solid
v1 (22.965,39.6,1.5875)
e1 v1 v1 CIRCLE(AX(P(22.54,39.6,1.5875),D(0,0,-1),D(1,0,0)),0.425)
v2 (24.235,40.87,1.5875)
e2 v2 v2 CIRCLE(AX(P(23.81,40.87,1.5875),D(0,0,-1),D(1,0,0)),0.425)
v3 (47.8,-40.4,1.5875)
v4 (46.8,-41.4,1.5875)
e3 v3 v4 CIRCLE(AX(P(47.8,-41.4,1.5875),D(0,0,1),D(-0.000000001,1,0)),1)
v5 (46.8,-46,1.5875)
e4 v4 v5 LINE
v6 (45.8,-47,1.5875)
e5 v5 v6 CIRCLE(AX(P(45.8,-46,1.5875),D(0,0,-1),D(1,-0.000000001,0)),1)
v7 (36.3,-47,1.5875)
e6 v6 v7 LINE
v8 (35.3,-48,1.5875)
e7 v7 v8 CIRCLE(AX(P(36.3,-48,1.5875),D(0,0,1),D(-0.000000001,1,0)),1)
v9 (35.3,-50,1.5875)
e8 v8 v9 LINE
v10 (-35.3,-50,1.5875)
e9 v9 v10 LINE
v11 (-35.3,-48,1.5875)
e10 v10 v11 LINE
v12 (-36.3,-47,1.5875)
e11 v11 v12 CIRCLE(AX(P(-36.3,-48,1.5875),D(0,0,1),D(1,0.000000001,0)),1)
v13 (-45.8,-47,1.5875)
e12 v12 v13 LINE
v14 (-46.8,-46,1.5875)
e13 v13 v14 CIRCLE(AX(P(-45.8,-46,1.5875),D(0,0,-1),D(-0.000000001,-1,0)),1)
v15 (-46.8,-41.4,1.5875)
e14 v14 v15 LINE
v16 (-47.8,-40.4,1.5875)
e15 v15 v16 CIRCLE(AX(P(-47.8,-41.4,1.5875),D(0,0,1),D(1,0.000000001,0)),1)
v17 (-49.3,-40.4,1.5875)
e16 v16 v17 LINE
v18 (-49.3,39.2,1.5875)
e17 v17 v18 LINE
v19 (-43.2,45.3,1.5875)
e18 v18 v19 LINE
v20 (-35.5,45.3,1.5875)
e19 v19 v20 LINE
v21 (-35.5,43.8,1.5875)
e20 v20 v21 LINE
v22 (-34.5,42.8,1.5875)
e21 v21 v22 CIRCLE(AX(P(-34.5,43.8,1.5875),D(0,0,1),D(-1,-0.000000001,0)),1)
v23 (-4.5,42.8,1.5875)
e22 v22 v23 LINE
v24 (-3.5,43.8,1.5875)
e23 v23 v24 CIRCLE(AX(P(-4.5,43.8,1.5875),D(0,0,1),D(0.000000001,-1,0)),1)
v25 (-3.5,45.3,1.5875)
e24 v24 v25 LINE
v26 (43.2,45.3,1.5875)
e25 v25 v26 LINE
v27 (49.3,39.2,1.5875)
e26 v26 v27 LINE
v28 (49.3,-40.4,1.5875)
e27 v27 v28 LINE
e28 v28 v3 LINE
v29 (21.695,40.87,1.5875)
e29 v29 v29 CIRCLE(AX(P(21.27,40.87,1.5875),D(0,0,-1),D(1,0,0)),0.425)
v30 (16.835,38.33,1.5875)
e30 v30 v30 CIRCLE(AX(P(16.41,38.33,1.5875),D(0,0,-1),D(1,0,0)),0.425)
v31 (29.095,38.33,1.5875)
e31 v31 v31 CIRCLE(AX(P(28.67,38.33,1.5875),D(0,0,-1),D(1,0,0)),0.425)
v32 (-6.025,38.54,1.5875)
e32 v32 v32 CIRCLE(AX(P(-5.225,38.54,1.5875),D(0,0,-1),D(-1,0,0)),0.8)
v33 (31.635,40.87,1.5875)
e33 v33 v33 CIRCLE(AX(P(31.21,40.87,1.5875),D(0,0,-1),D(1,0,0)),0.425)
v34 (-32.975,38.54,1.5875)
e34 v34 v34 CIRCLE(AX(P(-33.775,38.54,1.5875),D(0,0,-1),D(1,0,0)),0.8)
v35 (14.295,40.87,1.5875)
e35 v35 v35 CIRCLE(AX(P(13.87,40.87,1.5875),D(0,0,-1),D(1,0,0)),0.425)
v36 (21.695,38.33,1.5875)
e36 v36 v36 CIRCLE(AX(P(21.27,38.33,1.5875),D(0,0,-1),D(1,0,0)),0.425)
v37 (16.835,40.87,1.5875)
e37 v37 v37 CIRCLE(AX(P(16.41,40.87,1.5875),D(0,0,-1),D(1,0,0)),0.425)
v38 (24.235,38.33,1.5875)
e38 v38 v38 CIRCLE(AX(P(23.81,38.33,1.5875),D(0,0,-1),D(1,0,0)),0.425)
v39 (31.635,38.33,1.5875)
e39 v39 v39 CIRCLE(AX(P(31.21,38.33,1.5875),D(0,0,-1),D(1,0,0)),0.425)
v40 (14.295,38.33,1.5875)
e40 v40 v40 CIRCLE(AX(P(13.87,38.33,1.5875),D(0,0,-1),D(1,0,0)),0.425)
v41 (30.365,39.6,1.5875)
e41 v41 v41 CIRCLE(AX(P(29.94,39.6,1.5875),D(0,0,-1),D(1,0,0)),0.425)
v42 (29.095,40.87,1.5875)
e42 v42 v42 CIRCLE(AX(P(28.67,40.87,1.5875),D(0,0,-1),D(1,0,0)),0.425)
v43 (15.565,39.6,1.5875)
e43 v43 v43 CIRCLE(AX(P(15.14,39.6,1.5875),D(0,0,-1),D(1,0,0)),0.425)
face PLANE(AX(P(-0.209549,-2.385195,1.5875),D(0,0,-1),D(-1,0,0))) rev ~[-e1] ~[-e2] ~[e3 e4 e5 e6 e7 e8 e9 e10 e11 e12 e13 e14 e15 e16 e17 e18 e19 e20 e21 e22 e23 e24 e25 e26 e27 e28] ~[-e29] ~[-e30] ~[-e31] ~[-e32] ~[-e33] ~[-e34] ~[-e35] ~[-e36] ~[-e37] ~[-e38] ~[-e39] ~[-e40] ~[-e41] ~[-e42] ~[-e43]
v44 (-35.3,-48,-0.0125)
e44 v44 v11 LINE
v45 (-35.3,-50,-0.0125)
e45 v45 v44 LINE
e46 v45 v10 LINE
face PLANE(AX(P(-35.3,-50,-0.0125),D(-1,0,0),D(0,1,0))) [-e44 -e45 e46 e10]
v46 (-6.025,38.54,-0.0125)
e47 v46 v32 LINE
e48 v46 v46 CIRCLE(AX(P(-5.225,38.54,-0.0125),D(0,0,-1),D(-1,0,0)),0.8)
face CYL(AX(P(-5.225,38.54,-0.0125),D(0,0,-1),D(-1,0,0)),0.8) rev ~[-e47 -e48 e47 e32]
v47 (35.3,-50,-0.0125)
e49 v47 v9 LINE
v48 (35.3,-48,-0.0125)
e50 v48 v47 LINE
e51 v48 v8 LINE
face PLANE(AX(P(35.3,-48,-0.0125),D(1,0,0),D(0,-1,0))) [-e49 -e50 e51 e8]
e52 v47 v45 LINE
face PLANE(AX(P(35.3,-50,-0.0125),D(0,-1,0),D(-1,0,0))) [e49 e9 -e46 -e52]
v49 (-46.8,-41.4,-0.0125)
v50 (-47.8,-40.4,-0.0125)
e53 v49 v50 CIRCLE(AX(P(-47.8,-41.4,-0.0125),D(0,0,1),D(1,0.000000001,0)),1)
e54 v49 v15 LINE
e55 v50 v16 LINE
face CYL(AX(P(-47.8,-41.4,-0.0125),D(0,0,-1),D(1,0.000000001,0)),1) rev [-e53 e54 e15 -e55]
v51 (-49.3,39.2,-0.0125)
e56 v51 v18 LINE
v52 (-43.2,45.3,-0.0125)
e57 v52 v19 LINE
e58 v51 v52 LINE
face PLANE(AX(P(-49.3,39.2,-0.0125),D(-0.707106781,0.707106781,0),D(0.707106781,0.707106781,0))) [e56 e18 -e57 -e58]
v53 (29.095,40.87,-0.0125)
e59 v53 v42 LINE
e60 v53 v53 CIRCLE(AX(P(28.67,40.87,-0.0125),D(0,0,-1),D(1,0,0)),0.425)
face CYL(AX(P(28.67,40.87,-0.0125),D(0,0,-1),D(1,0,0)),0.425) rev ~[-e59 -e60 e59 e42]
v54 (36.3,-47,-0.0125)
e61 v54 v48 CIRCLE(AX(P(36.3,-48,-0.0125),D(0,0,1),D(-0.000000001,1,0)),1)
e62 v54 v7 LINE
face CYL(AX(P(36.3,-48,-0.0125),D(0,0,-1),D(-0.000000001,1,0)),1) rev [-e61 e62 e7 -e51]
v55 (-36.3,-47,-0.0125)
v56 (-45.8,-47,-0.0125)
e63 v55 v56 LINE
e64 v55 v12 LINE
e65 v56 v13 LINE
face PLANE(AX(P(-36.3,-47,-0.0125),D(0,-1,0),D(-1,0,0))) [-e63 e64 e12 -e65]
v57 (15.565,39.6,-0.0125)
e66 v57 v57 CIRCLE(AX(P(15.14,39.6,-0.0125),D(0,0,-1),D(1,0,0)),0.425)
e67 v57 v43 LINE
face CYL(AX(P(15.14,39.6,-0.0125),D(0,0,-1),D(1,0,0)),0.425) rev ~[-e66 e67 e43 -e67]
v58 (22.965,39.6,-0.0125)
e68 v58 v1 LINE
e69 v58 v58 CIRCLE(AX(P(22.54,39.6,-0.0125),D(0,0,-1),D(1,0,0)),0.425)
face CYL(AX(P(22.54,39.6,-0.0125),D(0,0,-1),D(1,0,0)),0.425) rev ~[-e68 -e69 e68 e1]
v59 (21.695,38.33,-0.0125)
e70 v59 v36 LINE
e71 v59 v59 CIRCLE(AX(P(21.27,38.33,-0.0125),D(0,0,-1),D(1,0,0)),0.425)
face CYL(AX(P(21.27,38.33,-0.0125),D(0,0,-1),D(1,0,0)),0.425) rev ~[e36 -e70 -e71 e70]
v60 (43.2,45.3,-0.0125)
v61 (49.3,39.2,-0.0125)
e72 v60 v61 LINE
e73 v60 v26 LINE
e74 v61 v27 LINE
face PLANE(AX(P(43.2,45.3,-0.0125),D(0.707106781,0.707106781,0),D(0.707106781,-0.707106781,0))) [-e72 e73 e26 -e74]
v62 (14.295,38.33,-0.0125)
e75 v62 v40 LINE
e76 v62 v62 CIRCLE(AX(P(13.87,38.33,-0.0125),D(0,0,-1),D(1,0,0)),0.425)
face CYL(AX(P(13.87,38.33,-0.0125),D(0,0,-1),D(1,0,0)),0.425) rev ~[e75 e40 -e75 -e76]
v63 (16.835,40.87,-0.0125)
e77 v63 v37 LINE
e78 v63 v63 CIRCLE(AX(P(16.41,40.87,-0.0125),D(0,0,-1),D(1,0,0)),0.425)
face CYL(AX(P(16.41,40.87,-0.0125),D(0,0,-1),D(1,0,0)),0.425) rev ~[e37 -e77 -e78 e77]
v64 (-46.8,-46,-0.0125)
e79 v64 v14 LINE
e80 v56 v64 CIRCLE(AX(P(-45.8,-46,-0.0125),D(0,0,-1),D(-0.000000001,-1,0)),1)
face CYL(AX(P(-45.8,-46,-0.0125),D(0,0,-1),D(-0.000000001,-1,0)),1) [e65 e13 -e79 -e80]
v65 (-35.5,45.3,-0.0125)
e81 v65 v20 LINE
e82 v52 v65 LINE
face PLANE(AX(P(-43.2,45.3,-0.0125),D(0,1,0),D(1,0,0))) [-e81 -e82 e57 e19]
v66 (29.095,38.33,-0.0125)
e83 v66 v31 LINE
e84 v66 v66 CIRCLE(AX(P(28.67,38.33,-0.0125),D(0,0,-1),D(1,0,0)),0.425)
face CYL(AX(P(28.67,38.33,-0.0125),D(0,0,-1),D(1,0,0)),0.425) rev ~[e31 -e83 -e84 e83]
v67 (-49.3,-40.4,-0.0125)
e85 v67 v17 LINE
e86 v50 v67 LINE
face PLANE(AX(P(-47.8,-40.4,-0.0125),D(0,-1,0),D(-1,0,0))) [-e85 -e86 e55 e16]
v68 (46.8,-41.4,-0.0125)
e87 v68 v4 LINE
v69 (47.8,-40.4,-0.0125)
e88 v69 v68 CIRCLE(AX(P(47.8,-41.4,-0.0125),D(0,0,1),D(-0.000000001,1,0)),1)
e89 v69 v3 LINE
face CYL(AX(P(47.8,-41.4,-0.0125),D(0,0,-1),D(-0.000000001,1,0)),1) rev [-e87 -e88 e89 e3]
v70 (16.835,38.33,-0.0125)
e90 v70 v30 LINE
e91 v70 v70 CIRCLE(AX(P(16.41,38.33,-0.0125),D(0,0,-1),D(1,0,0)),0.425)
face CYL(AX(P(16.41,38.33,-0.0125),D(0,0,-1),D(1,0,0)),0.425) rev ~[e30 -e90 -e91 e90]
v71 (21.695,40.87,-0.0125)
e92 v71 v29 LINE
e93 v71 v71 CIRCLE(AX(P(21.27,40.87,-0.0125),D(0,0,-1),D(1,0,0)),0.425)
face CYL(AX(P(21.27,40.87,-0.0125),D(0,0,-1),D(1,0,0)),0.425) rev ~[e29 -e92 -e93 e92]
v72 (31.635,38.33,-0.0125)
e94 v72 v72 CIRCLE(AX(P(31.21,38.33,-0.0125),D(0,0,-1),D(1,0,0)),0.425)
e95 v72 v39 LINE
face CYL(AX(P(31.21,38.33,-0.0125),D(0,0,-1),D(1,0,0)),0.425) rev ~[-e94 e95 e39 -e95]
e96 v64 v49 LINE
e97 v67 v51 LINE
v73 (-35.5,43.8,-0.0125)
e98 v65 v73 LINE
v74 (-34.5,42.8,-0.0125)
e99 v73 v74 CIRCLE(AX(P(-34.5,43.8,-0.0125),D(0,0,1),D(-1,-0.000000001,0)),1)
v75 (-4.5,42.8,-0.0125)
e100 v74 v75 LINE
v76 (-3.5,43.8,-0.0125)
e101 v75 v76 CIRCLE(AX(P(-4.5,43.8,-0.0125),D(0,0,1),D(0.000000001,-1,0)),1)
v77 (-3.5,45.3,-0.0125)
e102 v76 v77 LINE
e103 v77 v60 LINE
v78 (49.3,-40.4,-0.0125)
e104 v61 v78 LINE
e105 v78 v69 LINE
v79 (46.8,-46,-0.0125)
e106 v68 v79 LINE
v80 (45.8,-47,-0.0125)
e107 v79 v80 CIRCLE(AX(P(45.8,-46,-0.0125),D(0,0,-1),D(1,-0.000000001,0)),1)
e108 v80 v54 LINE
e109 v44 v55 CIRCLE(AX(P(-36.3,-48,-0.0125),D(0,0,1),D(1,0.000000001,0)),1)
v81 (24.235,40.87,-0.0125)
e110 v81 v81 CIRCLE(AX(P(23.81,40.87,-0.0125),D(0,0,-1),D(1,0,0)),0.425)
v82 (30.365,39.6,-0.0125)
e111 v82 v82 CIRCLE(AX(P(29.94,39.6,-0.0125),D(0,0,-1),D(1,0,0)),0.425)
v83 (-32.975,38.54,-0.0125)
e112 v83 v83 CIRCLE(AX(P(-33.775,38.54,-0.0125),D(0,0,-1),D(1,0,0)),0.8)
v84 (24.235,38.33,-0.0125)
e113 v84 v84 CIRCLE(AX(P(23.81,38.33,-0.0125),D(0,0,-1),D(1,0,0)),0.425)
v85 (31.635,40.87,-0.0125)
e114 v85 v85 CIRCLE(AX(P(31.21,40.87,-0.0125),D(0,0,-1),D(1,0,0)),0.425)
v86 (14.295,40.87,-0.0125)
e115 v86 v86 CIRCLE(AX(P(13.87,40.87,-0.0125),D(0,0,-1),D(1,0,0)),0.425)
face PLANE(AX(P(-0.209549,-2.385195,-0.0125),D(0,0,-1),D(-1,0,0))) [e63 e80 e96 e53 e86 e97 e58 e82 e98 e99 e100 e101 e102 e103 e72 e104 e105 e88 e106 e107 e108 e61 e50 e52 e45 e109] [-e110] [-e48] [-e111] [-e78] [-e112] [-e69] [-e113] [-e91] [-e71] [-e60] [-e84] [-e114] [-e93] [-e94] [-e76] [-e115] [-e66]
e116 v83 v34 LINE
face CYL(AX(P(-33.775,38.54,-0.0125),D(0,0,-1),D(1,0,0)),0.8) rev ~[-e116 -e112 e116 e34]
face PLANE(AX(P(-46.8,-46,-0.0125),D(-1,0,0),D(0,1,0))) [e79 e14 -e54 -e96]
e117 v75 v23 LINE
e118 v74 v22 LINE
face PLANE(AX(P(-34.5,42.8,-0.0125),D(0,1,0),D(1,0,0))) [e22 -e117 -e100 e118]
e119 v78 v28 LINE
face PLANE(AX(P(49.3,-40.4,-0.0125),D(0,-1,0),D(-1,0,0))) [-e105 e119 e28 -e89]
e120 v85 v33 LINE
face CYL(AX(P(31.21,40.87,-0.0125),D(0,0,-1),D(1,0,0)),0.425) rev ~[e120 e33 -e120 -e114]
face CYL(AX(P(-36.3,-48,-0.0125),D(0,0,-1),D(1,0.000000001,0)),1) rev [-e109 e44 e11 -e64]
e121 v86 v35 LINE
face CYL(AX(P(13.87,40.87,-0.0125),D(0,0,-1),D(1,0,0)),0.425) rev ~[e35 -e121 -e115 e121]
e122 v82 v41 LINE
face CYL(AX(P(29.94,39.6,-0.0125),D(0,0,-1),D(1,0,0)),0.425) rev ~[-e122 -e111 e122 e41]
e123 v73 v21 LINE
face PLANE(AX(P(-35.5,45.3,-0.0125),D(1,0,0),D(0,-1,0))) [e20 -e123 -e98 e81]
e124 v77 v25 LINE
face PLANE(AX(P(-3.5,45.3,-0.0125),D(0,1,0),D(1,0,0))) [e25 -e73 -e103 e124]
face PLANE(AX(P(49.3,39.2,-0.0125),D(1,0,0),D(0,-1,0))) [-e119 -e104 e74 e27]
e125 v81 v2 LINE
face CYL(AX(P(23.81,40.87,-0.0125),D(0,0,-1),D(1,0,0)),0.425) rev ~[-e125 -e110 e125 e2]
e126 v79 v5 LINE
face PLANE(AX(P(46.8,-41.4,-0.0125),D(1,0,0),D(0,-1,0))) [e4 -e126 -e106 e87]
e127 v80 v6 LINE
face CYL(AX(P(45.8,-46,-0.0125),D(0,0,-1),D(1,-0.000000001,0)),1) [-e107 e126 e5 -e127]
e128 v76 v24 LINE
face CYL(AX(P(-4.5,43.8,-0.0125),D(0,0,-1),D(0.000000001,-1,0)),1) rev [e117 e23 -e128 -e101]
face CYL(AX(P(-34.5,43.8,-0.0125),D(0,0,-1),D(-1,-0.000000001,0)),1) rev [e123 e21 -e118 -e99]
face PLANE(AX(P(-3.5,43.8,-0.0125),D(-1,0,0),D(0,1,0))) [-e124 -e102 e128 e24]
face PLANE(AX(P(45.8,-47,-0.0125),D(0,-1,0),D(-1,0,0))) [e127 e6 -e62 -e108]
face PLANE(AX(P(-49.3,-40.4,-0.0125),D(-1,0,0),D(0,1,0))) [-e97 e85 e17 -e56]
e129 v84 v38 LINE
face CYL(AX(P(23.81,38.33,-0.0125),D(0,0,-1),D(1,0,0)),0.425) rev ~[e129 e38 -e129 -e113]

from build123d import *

# Parameters (mm, degrees)
SKETCH1_R           = 0.425
SKETCH1_R_2         = 0.8
BOSS_EXTRUDE1_DEPTH = 1.6


with BuildPart() as part:
    # Sketch1 → Boss-Extrude1 (new body)
    with BuildSketch(Plane(origin=(0, 0, -0.0125), x_dir=(-1, 0, 0), z_dir=(0, 0, -1))):
        with BuildLine():
            Line((35.3, -50), (35.3, -48))
            ThreePointArc((35.3, -48), (35.592893219, -47.292893219), (36.3, -47))
            Line((36.3, -47), (45.8, -47))
            ThreePointArc((45.8, -47), (46.507106781, -46.707106781), (46.8, -46))
            Line((46.8, -46), (46.8, -41.4))
            ThreePointArc((46.8, -41.4), (47.092893219, -40.692893219), (47.8, -40.4))
            Line((47.8, -40.4), (49.3, -40.4))
            Line((49.3, -40.4), (49.3, 39.2))
            Line((49.3, 39.2), (43.2, 45.3))
            Line((43.2, 45.3), (35.500000002, 45.3))
            Line((35.500000002, 45.3), (35.500000002, 43.8))
            ThreePointArc((35.500000002, 43.8), (35.207106783, 43.092893219), (34.500000002, 42.8))
            Line((34.500000002, 42.8), (4.499999998, 42.8))
            ThreePointArc((4.499999998, 42.8), (3.792893217, 43.092893219), (3.499999998, 43.8))
            Line((3.499999998, 43.8), (3.499999998, 45.3))
            Line((3.499999998, 45.3), (-43.2, 45.3))
            Line((-43.2, 45.3), (-49.3, 39.2))
            Line((-49.3, 39.2), (-49.3, -40.4))
            Line((-49.3, -40.4), (-47.8, -40.4))
            ThreePointArc((-47.8, -40.4), (-47.092893219, -40.692893219), (-46.8, -41.4))
            Line((-46.8, -41.4), (-46.8, -46))
            ThreePointArc((-46.8, -46), (-46.507106781, -46.707106781), (-45.8, -47))
            Line((-45.8, -47), (-36.3, -47))
            ThreePointArc((-36.3, -47), (-35.592893219, -47.292893219), (-35.3, -48))
            Line((-35.3, -48), (-35.3, -50))
            Line((-35.3, -50), (35.3, -50))
        make_face()
        with Locations(Location((-21.27, 40.87, 0), (0, 0, 180))):
            Circle(SKETCH1_R, mode=Mode.SUBTRACT)
        with Locations(Location((-23.81, 40.87, 0), (0, 0, 180))):
            Circle(SKETCH1_R, mode=Mode.SUBTRACT)
        with Locations(Location((-22.54, 39.6, 0), (0, 0, 180))):
            Circle(SKETCH1_R, mode=Mode.SUBTRACT)
        with Locations(Location((-13.87, 40.87, 0), (0, 0, 180))):
            Circle(SKETCH1_R, mode=Mode.SUBTRACT)
        with Locations(Location((-23.81, 38.33, 0), (0, 0, 180))):
            Circle(SKETCH1_R, mode=Mode.SUBTRACT)
        with Locations(Location((-16.41, 40.87, 0), (0, 0, 180))):
            Circle(SKETCH1_R, mode=Mode.SUBTRACT)
        with Locations(Location((-15.14, 39.6, 0), (0, 0, 180))):
            Circle(SKETCH1_R, mode=Mode.SUBTRACT)
        with Locations(Location((-21.27, 38.33, 0), (0, 0, 180))):
            Circle(SKETCH1_R, mode=Mode.SUBTRACT)
        with Locations(Location((-28.67, 40.87, 0), (0, 0, 180))):
            Circle(SKETCH1_R, mode=Mode.SUBTRACT)
        with Locations(Location((-31.21, 40.87, 0), (0, 0, 180))):
            Circle(SKETCH1_R, mode=Mode.SUBTRACT)
        with Locations(Location((-16.41, 38.33, 0), (0, 0, 180))):
            Circle(SKETCH1_R, mode=Mode.SUBTRACT)
        with Locations(Location((-29.94, 39.6, 0), (0, 0, 180))):
            Circle(SKETCH1_R, mode=Mode.SUBTRACT)
        with Locations(Location((-31.21, 38.33, 0), (0, 0, 180))):
            Circle(SKETCH1_R, mode=Mode.SUBTRACT)
        with Locations(Location((-28.67, 38.33, 0), (0, 0, 180))):
            Circle(SKETCH1_R, mode=Mode.SUBTRACT)
        with Locations(Location((33.775, 38.54, 0), (0, 0, 180))):
            Circle(SKETCH1_R_2, mode=Mode.SUBTRACT)
        with Locations((5.225, 38.54)):
            Circle(SKETCH1_R_2, mode=Mode.SUBTRACT)
        with Locations(Location((-13.87, 38.33, 0), (0, 0, 180))):
            Circle(SKETCH1_R, mode=Mode.SUBTRACT)
    extrude(amount=-BOSS_EXTRUDE1_DEPTH)


solid = part.part
